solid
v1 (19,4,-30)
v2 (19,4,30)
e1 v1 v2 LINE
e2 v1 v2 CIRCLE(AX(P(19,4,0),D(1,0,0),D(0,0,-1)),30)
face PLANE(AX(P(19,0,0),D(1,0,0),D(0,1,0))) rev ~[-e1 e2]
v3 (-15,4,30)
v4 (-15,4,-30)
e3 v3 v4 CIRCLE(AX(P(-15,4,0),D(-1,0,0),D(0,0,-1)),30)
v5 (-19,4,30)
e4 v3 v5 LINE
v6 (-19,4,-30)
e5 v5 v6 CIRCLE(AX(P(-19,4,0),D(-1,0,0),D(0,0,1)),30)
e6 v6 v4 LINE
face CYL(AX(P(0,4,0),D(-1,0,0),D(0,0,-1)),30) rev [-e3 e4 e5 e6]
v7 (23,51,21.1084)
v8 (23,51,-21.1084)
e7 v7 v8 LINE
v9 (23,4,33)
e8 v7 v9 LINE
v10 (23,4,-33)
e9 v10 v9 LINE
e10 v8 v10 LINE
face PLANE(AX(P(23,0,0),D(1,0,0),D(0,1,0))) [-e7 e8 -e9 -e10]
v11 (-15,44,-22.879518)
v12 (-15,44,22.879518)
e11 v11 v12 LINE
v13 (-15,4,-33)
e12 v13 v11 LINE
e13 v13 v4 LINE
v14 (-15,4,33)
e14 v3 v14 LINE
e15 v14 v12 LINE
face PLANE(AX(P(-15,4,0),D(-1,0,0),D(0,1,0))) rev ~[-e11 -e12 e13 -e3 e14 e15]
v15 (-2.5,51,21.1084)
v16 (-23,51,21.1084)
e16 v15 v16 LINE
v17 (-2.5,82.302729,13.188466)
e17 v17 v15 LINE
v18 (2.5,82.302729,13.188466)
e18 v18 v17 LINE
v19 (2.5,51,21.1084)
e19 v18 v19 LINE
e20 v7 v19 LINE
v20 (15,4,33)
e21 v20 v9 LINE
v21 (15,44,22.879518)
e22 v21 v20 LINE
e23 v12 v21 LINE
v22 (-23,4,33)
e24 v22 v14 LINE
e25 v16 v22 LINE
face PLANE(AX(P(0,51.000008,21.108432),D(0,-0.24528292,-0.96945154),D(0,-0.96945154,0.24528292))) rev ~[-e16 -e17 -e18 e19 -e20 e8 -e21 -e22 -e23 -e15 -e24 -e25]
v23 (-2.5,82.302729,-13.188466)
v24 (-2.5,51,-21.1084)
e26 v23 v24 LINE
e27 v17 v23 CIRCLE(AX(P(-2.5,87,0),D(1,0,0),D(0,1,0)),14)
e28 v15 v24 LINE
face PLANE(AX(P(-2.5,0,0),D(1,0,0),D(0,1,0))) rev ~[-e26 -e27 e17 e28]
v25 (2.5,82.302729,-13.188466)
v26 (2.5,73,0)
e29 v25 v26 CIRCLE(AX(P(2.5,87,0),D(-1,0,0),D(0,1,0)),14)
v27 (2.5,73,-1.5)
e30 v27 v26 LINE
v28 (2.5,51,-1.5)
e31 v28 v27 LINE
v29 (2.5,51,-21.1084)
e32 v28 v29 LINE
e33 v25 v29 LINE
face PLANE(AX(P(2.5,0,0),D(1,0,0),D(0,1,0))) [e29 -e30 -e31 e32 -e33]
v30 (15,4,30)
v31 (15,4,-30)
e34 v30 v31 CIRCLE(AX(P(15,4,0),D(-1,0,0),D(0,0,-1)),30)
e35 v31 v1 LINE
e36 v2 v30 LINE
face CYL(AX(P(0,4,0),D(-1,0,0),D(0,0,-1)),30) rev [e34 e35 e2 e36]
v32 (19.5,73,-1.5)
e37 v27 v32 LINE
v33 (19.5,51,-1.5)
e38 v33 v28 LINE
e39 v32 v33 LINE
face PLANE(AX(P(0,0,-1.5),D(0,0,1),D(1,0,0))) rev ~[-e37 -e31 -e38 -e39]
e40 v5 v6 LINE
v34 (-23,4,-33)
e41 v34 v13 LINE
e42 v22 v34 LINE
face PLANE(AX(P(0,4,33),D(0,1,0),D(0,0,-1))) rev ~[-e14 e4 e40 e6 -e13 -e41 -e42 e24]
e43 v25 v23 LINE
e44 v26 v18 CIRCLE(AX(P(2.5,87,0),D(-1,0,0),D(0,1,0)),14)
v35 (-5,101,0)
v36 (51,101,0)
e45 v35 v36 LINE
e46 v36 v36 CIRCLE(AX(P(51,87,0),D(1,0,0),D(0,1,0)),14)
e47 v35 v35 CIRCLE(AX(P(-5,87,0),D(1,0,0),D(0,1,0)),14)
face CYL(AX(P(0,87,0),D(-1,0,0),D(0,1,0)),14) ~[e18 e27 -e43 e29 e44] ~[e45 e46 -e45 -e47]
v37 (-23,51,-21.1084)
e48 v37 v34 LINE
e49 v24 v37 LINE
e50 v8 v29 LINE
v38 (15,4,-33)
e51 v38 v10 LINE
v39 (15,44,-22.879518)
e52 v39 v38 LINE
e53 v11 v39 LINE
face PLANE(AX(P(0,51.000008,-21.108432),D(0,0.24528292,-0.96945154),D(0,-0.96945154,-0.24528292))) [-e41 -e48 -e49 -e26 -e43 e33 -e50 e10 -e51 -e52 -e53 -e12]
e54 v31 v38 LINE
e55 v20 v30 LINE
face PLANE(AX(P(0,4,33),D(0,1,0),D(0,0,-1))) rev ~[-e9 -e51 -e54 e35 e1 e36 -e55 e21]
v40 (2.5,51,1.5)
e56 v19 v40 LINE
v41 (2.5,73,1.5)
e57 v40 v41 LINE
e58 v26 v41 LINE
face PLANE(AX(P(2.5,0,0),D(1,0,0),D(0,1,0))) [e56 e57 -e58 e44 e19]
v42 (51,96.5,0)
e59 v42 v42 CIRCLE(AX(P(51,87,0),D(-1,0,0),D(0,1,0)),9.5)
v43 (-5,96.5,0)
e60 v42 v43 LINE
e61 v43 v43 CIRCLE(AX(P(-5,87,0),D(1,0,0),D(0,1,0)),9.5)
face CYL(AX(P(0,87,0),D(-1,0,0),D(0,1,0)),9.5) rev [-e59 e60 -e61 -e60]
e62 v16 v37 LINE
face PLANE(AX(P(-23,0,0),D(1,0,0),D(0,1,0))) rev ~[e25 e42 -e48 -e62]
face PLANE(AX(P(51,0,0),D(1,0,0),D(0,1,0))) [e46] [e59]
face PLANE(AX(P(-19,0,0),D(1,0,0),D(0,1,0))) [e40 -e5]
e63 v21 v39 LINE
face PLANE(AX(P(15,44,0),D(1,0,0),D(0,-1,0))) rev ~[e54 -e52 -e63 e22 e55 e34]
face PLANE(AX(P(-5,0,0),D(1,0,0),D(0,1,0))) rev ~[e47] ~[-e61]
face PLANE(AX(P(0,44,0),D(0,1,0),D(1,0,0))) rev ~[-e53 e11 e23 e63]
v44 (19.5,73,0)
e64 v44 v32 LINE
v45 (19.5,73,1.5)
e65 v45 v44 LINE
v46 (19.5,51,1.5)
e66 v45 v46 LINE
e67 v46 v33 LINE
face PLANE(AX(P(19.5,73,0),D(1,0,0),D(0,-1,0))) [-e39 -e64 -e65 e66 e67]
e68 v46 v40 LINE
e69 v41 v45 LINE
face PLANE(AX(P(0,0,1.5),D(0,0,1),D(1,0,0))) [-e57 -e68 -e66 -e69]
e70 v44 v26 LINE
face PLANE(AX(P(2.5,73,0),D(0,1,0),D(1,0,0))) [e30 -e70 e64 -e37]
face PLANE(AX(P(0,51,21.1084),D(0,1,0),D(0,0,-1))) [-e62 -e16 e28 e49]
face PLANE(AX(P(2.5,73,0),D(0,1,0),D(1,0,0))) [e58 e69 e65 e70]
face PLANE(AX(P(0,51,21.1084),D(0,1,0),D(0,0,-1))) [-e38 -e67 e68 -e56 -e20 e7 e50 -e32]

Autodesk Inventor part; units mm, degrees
ref_plane "YZ Plane" through (0, 0, 0) normal (1, 0, 0) x (0, 1, 0)
ref_plane "XZ Plane" through (0, 0, 0) normal (0, 1, 0) x (-1, 0, 0)
ref_plane "XY Plane" through (0, 0, 0) normal (0, 0, 1) x (1, 0, 0)
sketch "Sketch1" plane through (0, 0, 0) normal (1, 0, 0) x (0, 1, 0)
  line L0 (0, 33) -> (0, -33)
  line L1 (47.2724, 0) -> (-31.6075, 0)
  line L2 (0, 33) -> (4, 33)
  line L3 (4, 33) -> (4, -33)
  line L4 (4, -33) -> (0, -33)
  line L5 (87, 12) -> (87, -12)
  line L6 (87, 12) -> (4, 33)
  line L7 (87, -12) -> (4, -33)
  line L8 (51, 21.1084) -> (51, -21.1084)
  circle A0 centre (4, 0) radius 24 construction
  circle A1 centre (4, 0) radius 30 construction
  arc A2 (4, -24) -> (4, 24) centre (4, 0) ccw
  arc A3 (4, -30) -> (4, 30) centre (4, 0) ccw
  point P0 (0, 0)
  dimension "d9" = 48
  dimension "d0" = 66
  dimension "d1" = 4
  dimension "d2" = 24
  dimension "d3" = 87
  dimension "d4" = 36
  dimension "d10" = 60
extrude "Extrusion1" add sketch "Sketch1" along normal mid plane 46 contours L6 L8 L7 L3 A3 | L3 A2 L1 | L1 A2 L3 | A3 L1 A2 L3 | L1 A3 L3 A2
extrude "Extrusion2" add sketch "Sketch1" along normal mid plane 5 contours L6 L5 L7 L8
sketch "Sketch2" plane through (0, 0, 0) normal (0, 0, 1) x (1, 0, 0)
  line L0 (-2.5, 87) -> (2.5, 87) projected
  line L1 (0, 87) -> (0, 0)
  line L2 (-15, 44) -> (15, 44)
  line L3 (15, 44) -> (15, 4)
  line L4 (15, 4) -> (-15, 4)
  line L5 (-15, 4) -> (-15, 44)
  line L6 (-23, 4) -> (23, 4) projected
  dimension "d13" = 30
  dimension "d14" = 40
extrude "Extrusion4" cut sketch "Sketch2" along normal mid plane 66
sketch "Sketch3" plane through (0, 0, 0) normal (1, 0, 0) x (0, 1, 0)
  line L0 (87, -12) -> (87, 12) projected
  circle A0 centre (87, 0) radius 9.5
  circle A1 centre (87, 0) radius 14
  point P0 (0, 0)
  dimension "d17" = 19
  dimension "d18" = 28
extrude "Extrusion5" add sketch "Sketch3" along normal blind 51 and the other way blind 5
sketch "Sketch4" plane through (0, 0, 0) normal (1, 0, 0) x (0, 1, 0)
  line L0 (87, 9.5) -> (87, -9.5) projected
  circle A0 centre (87, 0) radius 9.5
  point P0 (0, 0)
extrude "Extrusion6" cut sketch "Sketch4" along normal blind 51 and the other way blind 5 contours L0 A0 picked at (82.8782, 1.7989)
extrude "Extrusion7" cut sketch "Sketch1" along normal mid plane 38 contours L3 A2 L1 | L1 A2 L3 | A3 L1 A2 L3 | L1 A3 L3 A2
sketch "Sketch5" plane through (0, 0, 0) normal (0, 0, 1) x (1, 0, 0)
  line L0 (2.5, 73) -> (19.5, 73)
  line L1 (19.5, 73) -> (19.5, 51)
  line L2 (19.5, 51) -> (2.5, 51)
  line L3 (2.5, 51) -> (2.5, 73)
  line L4 (23, 51) -> (2.5, 51) construction
  line L5 (2.5, 51) -> (0, 51) construction
  line L6 (0, 87.0731) -> (77.1013, 87.0731) construction
  line L7 (0, 87.0731) -> (36, 87.0731)
  point P0 (0, 0)
  dimension "d29" = 22
  dimension "d30" = 17
  dimension "d31" = 36
extrude "Extrusion8" add sketch "Sketch5" along normal mid plane 3
sketch "Sketch6" plane through (19.5, 51, 1.5) normal (1, 0, 0) x (0, 0, -1)
  point P0 (1.5, -51)
sketch "Sketch7" plane through (-5, 87, 0) normal (-1, 0, 0) x (0, 0, 1)
  point P0 (0, -87)
sketch "Sketch8" plane through (0, 0, 0) normal (0, 0, 1) x (1, 0, 0)
  line L0 (-5, 101) -> (-5, 73) construction
  line L1 (-5, 87) -> (51, 87)
  line L2 (51, 73) -> (51, 101) construction
  point P0 (0, 0)
sketch "Sketch9" plane through (23, 0, 0) normal (1, 0, 0) x (0, 0, -1)
  point P0 (0, 0)
sketch "Sketch10" plane through (51, 87, 0) normal (1, 0, 0) x (0, 0, -1)
  circle A0 centre (0, 0) radius 14 projected
  line L0 (-14, 0) -> (14, 0) construction
  point P0 (0, -87)
sketch "Sketch11" plane through (-5, 87, 0) normal (-1, 0, 0) x (0, 0, 1)
  circle A0 centre (0, 0) radius 14 projected
  line L0 (-14, 0) -> (14, 0) construction
  point P0 (0, -87)
properties part number "Bai_16"
